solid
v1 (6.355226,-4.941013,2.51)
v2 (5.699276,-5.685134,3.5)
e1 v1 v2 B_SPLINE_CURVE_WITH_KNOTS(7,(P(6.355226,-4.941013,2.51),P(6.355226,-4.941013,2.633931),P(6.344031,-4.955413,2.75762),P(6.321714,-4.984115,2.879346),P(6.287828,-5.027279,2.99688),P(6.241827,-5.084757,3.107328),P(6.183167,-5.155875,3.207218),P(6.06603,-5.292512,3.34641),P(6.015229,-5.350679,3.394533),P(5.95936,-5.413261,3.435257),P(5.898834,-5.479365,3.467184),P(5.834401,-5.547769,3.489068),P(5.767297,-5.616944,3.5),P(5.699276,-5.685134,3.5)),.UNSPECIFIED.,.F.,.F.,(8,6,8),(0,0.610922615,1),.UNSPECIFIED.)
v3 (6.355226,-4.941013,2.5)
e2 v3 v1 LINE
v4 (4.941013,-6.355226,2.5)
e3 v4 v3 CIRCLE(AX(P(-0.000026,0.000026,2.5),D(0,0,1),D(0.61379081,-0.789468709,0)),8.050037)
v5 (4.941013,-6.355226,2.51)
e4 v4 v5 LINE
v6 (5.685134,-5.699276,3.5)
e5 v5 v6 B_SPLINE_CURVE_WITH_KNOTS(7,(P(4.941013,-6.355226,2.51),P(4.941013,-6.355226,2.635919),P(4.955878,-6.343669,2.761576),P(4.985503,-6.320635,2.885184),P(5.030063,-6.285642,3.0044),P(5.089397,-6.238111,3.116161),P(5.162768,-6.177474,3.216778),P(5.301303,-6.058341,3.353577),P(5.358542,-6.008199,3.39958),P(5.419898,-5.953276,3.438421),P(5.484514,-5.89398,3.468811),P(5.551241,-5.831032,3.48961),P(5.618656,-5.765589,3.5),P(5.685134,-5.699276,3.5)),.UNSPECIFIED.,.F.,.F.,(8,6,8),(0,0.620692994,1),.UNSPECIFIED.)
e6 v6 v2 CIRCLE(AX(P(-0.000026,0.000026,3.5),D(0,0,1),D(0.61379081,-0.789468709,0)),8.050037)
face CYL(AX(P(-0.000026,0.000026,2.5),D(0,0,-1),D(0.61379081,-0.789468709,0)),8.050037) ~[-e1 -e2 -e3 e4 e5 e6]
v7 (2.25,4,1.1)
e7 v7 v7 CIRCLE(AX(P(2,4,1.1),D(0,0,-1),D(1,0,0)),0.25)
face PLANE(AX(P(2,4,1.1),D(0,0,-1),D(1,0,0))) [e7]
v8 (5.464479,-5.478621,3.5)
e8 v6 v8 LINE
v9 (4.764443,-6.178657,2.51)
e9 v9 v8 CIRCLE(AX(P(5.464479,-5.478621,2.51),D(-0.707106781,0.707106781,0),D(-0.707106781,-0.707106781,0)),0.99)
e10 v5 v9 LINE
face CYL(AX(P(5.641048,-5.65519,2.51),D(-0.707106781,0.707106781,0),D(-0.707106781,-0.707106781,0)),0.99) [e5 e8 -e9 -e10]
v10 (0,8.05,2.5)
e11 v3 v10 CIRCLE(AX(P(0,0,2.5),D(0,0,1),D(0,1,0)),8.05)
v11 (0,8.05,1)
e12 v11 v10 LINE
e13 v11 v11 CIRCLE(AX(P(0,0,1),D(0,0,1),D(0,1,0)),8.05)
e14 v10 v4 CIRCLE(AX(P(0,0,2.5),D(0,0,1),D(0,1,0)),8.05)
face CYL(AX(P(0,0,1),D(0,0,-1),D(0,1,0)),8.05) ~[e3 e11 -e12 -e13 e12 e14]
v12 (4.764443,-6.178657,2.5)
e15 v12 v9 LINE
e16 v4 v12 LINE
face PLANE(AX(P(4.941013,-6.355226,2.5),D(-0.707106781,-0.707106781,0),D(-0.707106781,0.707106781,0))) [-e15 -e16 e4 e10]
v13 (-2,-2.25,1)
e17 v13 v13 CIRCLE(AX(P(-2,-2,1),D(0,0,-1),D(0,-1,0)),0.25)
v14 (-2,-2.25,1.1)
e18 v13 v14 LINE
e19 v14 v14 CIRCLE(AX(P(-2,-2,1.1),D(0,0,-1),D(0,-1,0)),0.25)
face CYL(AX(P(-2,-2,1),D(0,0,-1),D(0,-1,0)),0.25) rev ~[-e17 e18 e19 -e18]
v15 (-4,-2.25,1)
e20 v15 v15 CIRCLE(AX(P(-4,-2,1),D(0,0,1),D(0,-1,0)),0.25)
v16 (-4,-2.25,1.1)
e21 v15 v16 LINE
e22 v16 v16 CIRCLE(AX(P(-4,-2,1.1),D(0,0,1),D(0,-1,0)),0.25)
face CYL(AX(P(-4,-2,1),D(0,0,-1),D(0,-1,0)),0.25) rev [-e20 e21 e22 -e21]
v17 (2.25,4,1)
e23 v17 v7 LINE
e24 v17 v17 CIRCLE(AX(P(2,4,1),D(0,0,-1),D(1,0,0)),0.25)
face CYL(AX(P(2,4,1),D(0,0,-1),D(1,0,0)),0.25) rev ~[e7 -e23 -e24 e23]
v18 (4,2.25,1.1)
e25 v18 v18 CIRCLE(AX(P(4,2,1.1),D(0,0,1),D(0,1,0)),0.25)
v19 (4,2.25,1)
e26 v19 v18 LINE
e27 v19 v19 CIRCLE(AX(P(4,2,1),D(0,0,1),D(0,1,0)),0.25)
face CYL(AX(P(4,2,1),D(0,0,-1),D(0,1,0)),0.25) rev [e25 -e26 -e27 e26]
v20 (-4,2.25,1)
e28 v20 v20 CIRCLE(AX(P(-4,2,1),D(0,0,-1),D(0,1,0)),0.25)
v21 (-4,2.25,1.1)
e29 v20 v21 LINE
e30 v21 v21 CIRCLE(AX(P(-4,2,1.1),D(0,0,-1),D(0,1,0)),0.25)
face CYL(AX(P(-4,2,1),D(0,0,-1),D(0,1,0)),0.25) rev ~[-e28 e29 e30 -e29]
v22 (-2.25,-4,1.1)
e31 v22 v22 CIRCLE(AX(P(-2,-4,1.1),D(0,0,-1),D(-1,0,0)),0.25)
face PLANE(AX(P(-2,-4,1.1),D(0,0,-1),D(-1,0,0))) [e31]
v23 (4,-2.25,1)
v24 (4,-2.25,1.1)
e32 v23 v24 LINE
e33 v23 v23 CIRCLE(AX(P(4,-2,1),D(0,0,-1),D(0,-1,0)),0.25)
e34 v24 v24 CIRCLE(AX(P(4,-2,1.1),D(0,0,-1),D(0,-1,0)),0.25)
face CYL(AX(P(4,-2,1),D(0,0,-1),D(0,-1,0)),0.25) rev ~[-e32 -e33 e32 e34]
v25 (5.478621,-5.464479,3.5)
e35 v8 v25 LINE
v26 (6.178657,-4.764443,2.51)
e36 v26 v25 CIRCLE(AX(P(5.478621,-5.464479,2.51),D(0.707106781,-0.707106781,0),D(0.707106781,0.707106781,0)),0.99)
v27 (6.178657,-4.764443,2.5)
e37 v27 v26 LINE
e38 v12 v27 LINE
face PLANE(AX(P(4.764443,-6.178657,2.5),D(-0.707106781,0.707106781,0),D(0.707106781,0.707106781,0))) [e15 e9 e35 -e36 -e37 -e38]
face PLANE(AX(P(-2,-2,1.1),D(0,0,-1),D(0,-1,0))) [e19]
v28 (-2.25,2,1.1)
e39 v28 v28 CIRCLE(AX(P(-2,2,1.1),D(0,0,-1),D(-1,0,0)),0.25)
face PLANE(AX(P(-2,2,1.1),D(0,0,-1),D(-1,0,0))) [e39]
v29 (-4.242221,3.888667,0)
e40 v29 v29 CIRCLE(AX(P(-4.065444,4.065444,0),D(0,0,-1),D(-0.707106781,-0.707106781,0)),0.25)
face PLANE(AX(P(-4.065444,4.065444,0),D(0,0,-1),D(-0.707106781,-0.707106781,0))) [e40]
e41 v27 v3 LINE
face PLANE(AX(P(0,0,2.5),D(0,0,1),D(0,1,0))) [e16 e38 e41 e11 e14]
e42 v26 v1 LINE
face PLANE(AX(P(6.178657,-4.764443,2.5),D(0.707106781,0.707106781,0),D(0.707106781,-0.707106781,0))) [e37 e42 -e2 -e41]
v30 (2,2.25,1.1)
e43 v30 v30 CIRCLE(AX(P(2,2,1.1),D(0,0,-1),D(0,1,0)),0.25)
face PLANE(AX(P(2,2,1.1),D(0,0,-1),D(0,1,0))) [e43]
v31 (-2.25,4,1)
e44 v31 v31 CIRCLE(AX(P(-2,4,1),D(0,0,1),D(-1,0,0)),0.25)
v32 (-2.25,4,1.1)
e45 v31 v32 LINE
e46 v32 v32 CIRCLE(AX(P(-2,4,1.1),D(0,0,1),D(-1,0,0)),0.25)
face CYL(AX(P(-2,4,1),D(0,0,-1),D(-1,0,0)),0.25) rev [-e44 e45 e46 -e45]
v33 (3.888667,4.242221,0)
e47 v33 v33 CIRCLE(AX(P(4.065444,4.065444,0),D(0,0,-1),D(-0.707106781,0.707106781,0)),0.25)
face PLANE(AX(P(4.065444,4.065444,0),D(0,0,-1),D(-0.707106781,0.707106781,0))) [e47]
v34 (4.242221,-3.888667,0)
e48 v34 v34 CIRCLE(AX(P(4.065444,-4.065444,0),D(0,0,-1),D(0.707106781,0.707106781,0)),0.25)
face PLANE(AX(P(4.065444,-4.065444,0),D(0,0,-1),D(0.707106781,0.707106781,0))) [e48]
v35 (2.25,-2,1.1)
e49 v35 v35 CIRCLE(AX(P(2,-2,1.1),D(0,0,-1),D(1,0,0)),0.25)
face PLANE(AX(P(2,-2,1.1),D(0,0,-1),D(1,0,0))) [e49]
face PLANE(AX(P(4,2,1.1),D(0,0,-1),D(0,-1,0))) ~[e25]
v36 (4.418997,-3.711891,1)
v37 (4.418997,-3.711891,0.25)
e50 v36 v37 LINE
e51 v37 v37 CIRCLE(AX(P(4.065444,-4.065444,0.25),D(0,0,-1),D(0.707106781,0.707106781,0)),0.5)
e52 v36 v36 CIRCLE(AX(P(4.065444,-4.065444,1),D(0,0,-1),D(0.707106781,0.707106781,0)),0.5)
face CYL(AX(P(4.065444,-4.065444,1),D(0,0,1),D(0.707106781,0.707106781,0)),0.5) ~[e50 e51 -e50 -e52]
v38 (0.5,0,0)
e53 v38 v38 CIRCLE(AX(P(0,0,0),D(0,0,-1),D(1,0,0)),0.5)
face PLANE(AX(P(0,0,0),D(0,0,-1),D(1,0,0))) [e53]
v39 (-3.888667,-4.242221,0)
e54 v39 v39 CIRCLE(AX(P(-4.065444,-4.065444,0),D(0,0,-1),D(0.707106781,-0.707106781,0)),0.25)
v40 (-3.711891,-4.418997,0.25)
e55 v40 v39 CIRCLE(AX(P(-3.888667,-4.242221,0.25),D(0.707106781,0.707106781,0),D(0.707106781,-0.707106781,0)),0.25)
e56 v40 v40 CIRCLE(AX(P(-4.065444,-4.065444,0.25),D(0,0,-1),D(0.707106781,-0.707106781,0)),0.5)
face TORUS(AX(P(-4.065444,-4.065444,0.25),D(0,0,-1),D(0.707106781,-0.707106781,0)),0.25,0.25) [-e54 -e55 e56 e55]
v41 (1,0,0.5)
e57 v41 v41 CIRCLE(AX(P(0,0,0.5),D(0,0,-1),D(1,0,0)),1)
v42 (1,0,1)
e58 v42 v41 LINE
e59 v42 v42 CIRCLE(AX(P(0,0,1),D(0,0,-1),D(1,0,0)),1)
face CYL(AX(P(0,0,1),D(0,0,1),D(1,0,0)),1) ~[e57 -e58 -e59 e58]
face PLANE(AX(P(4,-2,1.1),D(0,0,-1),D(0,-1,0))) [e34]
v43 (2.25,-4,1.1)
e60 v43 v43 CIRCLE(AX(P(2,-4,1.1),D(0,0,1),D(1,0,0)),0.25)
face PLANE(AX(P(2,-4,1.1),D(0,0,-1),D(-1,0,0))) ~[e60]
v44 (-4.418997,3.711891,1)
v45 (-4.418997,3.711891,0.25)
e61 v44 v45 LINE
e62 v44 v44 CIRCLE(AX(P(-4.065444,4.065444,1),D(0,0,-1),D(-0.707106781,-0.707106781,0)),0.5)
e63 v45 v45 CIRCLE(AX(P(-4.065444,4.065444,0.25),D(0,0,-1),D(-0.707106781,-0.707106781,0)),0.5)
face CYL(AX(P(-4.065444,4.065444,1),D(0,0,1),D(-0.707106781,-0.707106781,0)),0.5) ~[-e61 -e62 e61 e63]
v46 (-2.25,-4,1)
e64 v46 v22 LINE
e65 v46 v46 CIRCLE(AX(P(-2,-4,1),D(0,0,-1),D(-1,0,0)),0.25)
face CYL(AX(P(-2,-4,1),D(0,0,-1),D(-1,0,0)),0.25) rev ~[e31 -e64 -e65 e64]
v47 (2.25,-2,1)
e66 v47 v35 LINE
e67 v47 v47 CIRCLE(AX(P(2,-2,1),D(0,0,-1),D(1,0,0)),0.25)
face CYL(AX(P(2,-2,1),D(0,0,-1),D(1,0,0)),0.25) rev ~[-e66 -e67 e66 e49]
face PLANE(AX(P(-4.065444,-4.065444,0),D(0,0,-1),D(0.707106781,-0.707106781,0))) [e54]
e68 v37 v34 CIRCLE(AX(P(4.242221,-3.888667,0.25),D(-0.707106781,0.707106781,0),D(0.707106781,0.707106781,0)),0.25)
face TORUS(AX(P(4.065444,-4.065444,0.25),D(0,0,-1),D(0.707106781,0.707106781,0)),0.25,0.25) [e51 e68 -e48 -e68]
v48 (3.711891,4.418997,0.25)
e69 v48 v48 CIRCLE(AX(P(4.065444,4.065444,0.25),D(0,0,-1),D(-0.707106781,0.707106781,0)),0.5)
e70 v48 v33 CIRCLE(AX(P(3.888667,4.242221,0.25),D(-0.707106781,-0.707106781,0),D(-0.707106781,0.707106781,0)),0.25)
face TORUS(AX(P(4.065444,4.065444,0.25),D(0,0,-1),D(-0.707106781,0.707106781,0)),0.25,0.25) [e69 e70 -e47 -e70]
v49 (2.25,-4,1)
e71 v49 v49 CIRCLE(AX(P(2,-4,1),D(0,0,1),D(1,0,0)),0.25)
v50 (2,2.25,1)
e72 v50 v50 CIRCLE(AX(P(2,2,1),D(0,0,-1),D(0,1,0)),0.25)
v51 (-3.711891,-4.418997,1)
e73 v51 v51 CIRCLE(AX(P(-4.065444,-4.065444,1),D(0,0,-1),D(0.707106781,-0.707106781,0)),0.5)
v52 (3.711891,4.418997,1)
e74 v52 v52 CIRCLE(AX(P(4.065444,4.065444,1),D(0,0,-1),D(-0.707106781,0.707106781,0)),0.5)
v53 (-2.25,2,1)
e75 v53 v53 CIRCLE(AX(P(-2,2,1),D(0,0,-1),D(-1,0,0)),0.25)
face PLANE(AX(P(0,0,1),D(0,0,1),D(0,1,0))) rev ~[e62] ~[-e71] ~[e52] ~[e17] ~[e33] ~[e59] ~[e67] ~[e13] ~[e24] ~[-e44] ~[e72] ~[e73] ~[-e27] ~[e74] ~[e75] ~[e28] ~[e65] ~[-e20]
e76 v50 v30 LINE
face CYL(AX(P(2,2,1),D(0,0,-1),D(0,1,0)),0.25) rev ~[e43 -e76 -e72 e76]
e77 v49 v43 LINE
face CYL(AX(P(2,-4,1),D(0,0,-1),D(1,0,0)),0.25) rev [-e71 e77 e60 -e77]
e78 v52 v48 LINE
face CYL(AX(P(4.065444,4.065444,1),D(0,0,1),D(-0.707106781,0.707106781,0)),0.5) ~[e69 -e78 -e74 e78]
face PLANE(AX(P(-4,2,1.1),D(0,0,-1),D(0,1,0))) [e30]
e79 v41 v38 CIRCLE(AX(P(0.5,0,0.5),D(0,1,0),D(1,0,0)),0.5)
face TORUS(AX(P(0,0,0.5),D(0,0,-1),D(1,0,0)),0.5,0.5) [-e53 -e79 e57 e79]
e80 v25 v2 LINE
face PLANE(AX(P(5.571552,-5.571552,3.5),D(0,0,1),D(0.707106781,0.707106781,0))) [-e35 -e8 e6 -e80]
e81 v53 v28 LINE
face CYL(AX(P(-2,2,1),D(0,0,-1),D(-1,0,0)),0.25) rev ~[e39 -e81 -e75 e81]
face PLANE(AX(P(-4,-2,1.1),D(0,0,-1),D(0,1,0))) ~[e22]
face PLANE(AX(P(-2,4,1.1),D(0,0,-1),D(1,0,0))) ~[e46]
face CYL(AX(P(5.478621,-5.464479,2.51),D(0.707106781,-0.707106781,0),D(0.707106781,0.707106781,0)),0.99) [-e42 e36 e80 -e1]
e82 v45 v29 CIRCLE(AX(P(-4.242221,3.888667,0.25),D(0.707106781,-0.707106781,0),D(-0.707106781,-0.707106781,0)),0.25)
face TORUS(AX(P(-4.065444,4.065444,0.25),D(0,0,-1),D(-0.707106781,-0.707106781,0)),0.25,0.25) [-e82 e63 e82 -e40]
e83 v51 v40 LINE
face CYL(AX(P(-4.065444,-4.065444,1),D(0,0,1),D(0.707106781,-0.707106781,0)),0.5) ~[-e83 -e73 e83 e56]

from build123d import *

# Parameters (mm, degrees)
SKETCH011_R                       = 8.05
PAD015_DEPTH                      = 1.5
SKETCH012_R                       = 1
PAD016_DEPTH                      = 1
SKETCH013_R                       = 0.5
PAD017_DEPTH                      = 1
POLARPATTERN001_COUNT             = 4
SKETCH014_R                       = 0.25
POCKET001_DEPTH                   = 0.1
POLARPATTERN002_COUNT             = 4
SKETCH015_R                       = 0.25
POCKET002_DEPTH                   = 0.1
SKETCH015_POLARPATTERN003_2_R     = 0.25
POCKET002_POLARPATTERN003_2_DEPTH = 0.1
SKETCH015_POLARPATTERN003_3_R     = 0.25
POCKET002_POLARPATTERN003_3_DEPTH = 0.1
SKETCH015_POLARPATTERN003_4_R     = 0.25
POCKET002_POLARPATTERN003_4_DEPTH = 0.1
PAD021_DEPTH                      = 1
FILLET005_R                       = 0.99
FILLET006_R                       = 0.5
FILLET007_R                       = 0.25


with BuildPart() as part:
    # Sketch011 → Pad015 (new body)
    with BuildSketch(Plane(origin=(0, 0, 1), x_dir=(0, 1, 0), z_dir=(0, 0, 1))):
        Circle(SKETCH011_R)
    extrude(amount=PAD015_DEPTH)

    # Sketch012 (on Face2 of Pad015) → Pad016 (join)
    with BuildSketch(Plane(origin=(0, 0, 1), x_dir=(1, 0, 0), z_dir=(0, 0, -1))):
        Circle(SKETCH012_R)
    extrude(amount=PAD016_DEPTH)

    # Sketch013 (on Face2 of Pad016) → Pad017 (join)
    with BuildSketch(Plane(origin=(0, 0, 1), x_dir=(0.707107, -0.707107, 0), z_dir=(0, 0, -1))):
        with Locations((0, 5.749406)):
            Circle(SKETCH013_R)
    pad017 = extrude(amount=PAD017_DEPTH)

    # PolarPattern001: Pad017 ×4 about axis
    polarpattern001_axis = Axis((0, 0, 1), (0, 0, -1))
    for i in range(1, POLARPATTERN001_COUNT):
        add(pad017.rotate(polarpattern001_axis, i * 360 / POLARPATTERN001_COUNT))

    # Sketch014 (on Face2 of PolarPattern001) → Pocket001 (cut)
    with BuildSketch(Plane(origin=(0, 0, 1), x_dir=(1, 0, 0), z_dir=(0, 0, -1))):
        with Locations((2, 2)):
            Circle(SKETCH014_R)
    pocket001 = extrude(amount=-POCKET001_DEPTH, mode=Mode.SUBTRACT)

    # PolarPattern002: Pocket001 ×4 about axis
    polarpattern002_axis = Axis((0, 0, 1), (0, 0, -1))
    for i in range(1, POLARPATTERN002_COUNT):
        add(pocket001.rotate(polarpattern002_axis, i * 360 / POLARPATTERN002_COUNT), mode=Mode.SUBTRACT)

    # Sketch015 (on Face2 of PolarPattern002) → Pocket002 (cut)
    with BuildSketch(Plane(origin=(0, 0, 1), x_dir=(1, 0, 0), z_dir=(0, 0, -1))):
        with Locations((2, -4)):
            Circle(SKETCH015_R)
    pocket002 = extrude(amount=-POCKET002_DEPTH, mode=Mode.SUBTRACT)

    # Sketch015 PolarPattern003 2 → Pocket002 PolarPattern003 2 (cut)
    with BuildSketch(Plane(origin=(0, 0, 1), x_dir=(0, -1, 0), z_dir=(0, 0, -1))):
        with Locations((2, -4)):
            Circle(SKETCH015_POLARPATTERN003_2_R)
    pocket002_polarpattern003_2 = extrude(amount=-POCKET002_POLARPATTERN003_2_DEPTH, mode=Mode.SUBTRACT)

    # Sketch015 PolarPattern003 3 → Pocket002 PolarPattern003 3 (cut)
    with BuildSketch(Plane(origin=(0, 0, 1), x_dir=(-1, 0, 0), z_dir=(0, 0, -1))):
        with Locations((2, -4)):
            Circle(SKETCH015_POLARPATTERN003_3_R)
    pocket002_polarpattern003_3 = extrude(amount=-POCKET002_POLARPATTERN003_3_DEPTH, mode=Mode.SUBTRACT)

    # Sketch015 PolarPattern003 4 → Pocket002 PolarPattern003 4 (cut)
    with BuildSketch(Plane.YX.offset(-1)):
        with Locations((2, -4)):
            Circle(SKETCH015_POLARPATTERN003_4_R)
    pocket002_polarpattern003_4 = extrude(amount=-POCKET002_POLARPATTERN003_4_DEPTH, mode=Mode.SUBTRACT)

    # Mirrored: Pocket002, Pocket002 PolarPattern003 2, Pocket002 PolarPattern003 3, Pocket002 PolarPattern003 4 across Sketch015 V_Axis
    add(pocket002.mirror(Plane(origin=(0, 0, 1), x_dir=(0, 0, -1), z_dir=(1, 0, 0))), mode=Mode.SUBTRACT)
    add(pocket002_polarpattern003_2.mirror(Plane(origin=(0, 0, 1), x_dir=(0, 0, -1), z_dir=(1, 0, 0))), mode=Mode.SUBTRACT)
    add(pocket002_polarpattern003_3.mirror(Plane(origin=(0, 0, 1), x_dir=(0, 0, -1), z_dir=(1, 0, 0))), mode=Mode.SUBTRACT)
    add(pocket002_polarpattern003_4.mirror(Plane(origin=(0, 0, 1), x_dir=(0, 0, -1), z_dir=(1, 0, 0))), mode=Mode.SUBTRACT)

    # Sketch020 → Pad021 (join)
    with BuildSketch(Plane(origin=(0, 0, 2.5), x_dir=(0.707107, 0.707107, 0), z_dir=(0, 0, 1))):
        with BuildLine():
            ThreePointArc((-1, -7.987647), (0, -8.05), (1, -7.987647))
            Line((1, -7.73794), (1, -7.987647))
            Line((-1, -7.73794), (1, -7.73794))
            Line((-1, -7.987647), (-1, -7.73794))
        make_face()
    extrude(amount=PAD021_DEPTH)

    # Fillet005
    fillet005_edges = [part.edges().sort_by_distance(p)[0] for p in [
        (6.266941, -4.852728, 3.5),
        (4.852728, -6.266941, 3.5),
    ]]
    fillet(fillet005_edges, radius=FILLET005_R)

    # Fillet006
    fillet006_edges = [part.edges().sort_by_distance(p)[0] for p in [
        (-1, 0, 0),
    ]]
    fillet(fillet006_edges, radius=FILLET006_R)

    # Fillet007
    fillet007_edges = [part.edges().sort_by_distance(p)[0] for p in [
        (3.711891, -4.418997, 0),
        (4.418997, 3.711891, 0),
        (-3.711891, 4.418997, 0),
        (-4.418997, -3.711891, 0),
    ]]
    fillet(fillet007_edges, radius=FILLET007_R)


solid = part.part
